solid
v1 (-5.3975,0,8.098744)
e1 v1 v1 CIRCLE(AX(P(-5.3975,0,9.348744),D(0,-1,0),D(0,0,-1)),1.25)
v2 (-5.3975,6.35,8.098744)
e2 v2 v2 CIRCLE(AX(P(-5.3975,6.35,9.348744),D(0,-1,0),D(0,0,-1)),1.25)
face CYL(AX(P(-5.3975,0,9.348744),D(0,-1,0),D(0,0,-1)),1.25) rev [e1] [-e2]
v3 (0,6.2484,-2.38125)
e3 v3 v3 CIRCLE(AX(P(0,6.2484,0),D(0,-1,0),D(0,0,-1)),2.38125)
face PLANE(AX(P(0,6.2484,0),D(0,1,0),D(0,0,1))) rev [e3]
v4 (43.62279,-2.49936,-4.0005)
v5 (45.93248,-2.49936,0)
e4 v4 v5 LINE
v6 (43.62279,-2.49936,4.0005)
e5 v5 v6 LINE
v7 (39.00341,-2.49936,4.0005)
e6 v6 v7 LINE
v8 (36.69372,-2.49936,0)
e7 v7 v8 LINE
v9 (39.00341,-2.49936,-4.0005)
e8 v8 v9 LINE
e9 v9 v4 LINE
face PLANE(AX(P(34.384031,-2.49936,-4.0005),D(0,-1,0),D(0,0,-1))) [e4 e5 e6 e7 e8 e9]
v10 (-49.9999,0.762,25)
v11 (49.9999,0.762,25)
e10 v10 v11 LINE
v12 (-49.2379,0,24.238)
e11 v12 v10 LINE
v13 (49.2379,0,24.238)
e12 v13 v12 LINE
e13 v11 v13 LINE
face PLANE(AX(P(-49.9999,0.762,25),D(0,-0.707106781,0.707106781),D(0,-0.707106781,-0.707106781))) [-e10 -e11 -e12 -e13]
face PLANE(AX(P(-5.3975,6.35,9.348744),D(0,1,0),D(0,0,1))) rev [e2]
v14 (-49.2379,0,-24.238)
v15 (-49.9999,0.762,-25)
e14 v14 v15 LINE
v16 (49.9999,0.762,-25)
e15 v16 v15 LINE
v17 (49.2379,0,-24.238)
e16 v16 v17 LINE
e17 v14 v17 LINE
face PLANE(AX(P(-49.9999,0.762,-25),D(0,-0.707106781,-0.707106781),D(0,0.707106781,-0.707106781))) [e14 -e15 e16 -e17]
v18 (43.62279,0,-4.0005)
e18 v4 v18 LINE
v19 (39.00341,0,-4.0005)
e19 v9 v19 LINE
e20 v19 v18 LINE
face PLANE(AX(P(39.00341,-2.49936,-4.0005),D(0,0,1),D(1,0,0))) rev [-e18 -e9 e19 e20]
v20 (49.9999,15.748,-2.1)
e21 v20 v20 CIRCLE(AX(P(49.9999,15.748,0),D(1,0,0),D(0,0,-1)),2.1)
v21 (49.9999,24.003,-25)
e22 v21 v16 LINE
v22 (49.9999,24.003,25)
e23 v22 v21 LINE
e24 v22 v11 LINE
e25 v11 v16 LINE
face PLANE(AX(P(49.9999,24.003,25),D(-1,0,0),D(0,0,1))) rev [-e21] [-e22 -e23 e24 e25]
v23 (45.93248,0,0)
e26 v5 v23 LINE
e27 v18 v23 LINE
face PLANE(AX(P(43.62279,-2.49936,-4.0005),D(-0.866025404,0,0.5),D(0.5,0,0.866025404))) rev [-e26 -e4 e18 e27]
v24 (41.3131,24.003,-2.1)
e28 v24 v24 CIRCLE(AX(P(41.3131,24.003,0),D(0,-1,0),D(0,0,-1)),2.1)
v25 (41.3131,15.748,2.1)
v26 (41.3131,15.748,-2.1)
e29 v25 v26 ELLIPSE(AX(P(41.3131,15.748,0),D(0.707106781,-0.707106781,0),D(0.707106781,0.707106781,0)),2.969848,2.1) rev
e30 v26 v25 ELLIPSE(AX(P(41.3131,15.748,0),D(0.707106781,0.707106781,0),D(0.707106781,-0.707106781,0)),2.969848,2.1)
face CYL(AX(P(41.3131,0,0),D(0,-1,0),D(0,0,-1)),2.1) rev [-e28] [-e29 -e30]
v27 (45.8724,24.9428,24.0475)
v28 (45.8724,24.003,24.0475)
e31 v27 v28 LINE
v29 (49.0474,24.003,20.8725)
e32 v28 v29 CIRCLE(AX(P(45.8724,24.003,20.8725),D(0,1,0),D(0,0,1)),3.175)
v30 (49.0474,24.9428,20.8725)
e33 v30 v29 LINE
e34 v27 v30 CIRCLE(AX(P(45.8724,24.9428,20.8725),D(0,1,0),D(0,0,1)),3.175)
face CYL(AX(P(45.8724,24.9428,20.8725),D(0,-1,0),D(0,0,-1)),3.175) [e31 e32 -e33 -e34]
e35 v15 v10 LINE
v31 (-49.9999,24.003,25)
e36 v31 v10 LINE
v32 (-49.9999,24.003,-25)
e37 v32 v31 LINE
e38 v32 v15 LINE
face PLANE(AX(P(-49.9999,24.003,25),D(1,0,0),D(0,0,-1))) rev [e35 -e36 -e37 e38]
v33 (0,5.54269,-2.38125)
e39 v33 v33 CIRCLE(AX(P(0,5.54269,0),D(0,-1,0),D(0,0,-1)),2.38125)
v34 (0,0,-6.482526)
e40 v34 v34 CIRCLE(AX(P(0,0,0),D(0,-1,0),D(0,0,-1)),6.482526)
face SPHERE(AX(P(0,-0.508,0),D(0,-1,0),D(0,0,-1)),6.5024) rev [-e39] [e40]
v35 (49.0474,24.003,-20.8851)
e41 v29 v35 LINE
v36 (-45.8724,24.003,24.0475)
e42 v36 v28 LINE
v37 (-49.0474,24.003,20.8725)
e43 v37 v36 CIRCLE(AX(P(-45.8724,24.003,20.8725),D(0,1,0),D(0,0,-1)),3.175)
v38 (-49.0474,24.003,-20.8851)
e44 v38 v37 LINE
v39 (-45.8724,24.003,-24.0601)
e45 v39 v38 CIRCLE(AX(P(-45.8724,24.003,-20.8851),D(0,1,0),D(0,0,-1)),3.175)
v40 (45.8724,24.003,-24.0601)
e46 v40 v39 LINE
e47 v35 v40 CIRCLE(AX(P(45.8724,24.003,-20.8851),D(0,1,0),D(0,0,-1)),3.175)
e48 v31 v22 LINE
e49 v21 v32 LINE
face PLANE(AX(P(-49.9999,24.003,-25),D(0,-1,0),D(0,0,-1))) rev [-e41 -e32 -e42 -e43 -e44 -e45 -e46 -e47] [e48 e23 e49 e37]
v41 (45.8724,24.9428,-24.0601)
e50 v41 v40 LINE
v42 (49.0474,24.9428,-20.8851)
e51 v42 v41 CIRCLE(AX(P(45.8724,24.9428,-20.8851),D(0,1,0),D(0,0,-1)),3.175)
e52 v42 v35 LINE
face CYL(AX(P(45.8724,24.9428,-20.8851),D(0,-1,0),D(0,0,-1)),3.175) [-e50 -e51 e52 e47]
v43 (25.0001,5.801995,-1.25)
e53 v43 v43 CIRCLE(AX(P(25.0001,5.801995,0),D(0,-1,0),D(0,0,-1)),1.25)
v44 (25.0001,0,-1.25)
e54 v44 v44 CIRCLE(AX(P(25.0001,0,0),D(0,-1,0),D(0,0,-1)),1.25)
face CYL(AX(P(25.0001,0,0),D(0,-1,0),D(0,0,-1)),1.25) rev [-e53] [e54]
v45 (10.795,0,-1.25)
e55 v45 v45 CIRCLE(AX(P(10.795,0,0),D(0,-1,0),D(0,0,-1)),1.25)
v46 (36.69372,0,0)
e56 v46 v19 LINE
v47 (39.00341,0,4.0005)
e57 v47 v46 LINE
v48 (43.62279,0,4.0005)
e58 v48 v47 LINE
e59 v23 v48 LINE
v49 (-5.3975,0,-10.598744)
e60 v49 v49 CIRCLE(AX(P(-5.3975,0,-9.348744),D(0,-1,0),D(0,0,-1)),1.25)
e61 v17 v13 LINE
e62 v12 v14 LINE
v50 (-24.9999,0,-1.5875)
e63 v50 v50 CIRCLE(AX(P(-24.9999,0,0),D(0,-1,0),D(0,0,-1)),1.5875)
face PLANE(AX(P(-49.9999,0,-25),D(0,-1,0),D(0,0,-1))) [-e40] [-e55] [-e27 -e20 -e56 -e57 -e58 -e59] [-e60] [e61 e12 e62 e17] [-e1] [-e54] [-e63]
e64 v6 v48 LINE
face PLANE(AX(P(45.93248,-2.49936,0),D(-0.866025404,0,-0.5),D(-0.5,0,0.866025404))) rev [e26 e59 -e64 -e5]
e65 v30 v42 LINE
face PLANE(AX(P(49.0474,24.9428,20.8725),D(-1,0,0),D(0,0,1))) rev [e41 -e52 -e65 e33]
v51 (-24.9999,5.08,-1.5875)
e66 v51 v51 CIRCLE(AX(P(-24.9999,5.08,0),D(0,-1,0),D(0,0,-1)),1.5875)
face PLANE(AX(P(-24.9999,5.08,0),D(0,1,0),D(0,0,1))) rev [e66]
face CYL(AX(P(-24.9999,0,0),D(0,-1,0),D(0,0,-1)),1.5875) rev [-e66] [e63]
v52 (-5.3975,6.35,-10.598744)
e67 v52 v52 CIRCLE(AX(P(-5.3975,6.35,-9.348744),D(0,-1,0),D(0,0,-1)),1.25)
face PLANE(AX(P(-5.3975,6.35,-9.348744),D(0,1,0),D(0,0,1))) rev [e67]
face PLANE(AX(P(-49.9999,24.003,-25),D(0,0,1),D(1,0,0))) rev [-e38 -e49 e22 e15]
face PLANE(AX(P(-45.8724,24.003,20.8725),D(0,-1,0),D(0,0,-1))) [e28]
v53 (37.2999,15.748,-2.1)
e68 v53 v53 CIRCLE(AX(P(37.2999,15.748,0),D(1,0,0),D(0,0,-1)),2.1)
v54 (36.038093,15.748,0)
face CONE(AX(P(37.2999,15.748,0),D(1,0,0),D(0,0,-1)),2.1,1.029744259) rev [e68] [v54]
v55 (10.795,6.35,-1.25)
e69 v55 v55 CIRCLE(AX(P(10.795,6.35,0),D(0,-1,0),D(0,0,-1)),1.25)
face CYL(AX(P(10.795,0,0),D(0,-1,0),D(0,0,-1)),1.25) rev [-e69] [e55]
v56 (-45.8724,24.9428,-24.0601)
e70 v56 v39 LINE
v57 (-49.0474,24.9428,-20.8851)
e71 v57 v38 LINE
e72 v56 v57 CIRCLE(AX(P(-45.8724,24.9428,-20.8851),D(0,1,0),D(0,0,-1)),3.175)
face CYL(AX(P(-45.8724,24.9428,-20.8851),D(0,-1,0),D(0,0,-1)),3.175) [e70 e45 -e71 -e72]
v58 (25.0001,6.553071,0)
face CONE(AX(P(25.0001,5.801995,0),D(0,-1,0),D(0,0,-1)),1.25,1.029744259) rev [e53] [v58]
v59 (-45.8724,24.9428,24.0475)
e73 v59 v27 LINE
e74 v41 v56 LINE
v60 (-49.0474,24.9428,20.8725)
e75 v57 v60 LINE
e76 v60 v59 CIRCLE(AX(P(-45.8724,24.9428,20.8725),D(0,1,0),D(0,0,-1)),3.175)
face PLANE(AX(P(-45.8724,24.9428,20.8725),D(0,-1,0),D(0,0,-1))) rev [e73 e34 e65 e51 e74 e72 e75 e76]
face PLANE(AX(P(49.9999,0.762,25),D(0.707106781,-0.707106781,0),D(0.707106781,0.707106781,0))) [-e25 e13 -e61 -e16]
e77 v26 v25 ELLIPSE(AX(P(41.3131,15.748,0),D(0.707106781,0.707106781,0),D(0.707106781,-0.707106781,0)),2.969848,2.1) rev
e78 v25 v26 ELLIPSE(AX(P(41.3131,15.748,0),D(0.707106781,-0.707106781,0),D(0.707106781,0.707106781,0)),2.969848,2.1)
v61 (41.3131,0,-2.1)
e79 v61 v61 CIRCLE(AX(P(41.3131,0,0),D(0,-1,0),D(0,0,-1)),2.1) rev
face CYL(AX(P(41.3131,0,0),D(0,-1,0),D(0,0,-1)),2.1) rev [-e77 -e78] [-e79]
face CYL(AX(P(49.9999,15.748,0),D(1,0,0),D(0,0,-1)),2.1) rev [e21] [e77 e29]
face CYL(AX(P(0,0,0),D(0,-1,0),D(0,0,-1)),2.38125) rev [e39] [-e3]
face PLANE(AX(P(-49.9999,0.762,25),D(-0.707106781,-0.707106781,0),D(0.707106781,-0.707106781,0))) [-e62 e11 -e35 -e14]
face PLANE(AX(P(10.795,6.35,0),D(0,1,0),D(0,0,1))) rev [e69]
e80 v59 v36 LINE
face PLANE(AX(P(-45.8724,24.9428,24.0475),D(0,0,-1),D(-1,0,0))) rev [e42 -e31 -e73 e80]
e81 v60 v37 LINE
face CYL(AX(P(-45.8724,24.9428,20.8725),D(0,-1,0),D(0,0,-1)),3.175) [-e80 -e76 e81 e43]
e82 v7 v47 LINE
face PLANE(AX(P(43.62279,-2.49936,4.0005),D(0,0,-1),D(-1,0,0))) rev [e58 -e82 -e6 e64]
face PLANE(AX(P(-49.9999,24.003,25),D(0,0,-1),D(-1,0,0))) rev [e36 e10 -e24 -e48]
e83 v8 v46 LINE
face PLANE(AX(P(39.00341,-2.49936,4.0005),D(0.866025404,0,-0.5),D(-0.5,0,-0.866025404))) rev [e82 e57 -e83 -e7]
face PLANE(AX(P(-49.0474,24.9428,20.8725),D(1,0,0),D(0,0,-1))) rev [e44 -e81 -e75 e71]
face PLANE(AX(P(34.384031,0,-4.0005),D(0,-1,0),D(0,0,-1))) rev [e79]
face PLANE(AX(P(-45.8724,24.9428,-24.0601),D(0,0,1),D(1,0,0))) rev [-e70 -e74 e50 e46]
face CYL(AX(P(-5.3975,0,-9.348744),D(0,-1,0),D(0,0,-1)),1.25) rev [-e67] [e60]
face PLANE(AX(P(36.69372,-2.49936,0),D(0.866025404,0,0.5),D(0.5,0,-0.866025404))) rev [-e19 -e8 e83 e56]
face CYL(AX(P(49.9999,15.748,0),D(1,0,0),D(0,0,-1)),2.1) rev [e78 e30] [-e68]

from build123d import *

# Parameters (mm, degrees)
SKETCH1_W                          = 99.9998
SKETCH1_H                          = 50
MAIN_EXTRUDE_DEPTH                 = 24.003
F_1_8_0_125_DIAMETER_HOLE1_D       = 3.175
F_1_8_0_125_DIAMETER_HOLE1_DEPTH   = 5.08
M3X0_5_TAPPED_HOLE1_D              = 2.5
M3X0_5_TAPPED_HOLE1_DEPTH          = 6.35
CIRPATTERN1_COUNT                  = 3
F_3_16_0_1875_DIAMETER_HOLE1_D     = 4.7625
F_3_16_0_1875_DIAMETER_HOLE1_DEPTH = 6.2484
M3X0_5_TAPPED_HOLE2_D              = 2.5
M3X0_5_TAPPED_HOLE2_DEPTH          = 5.801995
M3X0_5_TAPPED_HOLE2_TIP            = 0.751075774
M5X0_8_TAPPED_HOLE2_D              = 4.2
M5X0_8_TAPPED_HOLE2_DEPTH          = 12.7
M5X0_8_TAPPED_HOLE2_TIP            = 1.2618073
M5X0_8_TAPPED_HOLE1_D              = 4.2
CHAMFER1_SIZE                      = 0.762
EXTRUDE1_DEPTH                     = 0.9398
EXTRUDE2_DEPTH                     = 2.49936


with BuildPart() as part:
    # Sketch1 → Main Extrude (new body)
    with BuildSketch(Plane(origin=(0, 0, 0), x_dir=(1, 0, 0), z_dir=(0, 1, 0))):
        Rectangle(SKETCH1_W, SKETCH1_H)
    extrude(amount=MAIN_EXTRUDE_DEPTH)

    # 1_8 _0.125_ Diameter Hole1
    with Locations(Plane.XZ):
        with Locations((-24.9999, 0)):
            Hole(F_1_8_0_125_DIAMETER_HOLE1_D / 2, depth=F_1_8_0_125_DIAMETER_HOLE1_DEPTH)

    # M3x0.5 Tapped Hole1
    with Locations(Plane.XZ):
        with Locations((10.795, 0)):
            m3x0_5_tapped_hole1 = Hole(M3X0_5_TAPPED_HOLE1_D / 2, depth=M3X0_5_TAPPED_HOLE1_DEPTH)

    # CirPattern1: M3x0.5 Tapped Hole1 ×3 about axis
    cirpattern1_axis = Axis((0, 0, 0), (0, 1, 0))
    for i in range(1, CIRPATTERN1_COUNT):
        add(m3x0_5_tapped_hole1.rotate(cirpattern1_axis, i * 360 / CIRPATTERN1_COUNT), mode=Mode.SUBTRACT)

    # 3_16 _0.1875_ Diameter Hole1
    with Locations(Plane.XZ):
        with Locations((0, 0)):
            Hole(F_3_16_0_1875_DIAMETER_HOLE1_D / 2, depth=F_3_16_0_1875_DIAMETER_HOLE1_DEPTH)

    # Sketch12 → Cut-Revolve1 (revolve, cut)
    with BuildSketch(Plane.XZ.offset(0.508)):
        with BuildLine():
            Line((0, 6.5024), (0, -6.5024))
            ThreePointArc((0, -6.5024), (6.5024, 0), (0, 6.5024))
        make_face()
    revolve(axis=Axis((0, -0.508, 6.5024), (0, 0, -1)), mode=Mode.SUBTRACT)

    # M3x0.5 Tapped Hole2
    with Locations(Plane.XZ):
        with Locations((25.0001, 0)):
            Hole(M3X0_5_TAPPED_HOLE2_D / 2, depth=M3X0_5_TAPPED_HOLE2_DEPTH)
            with Locations((0, 0, -(M3X0_5_TAPPED_HOLE2_DEPTH + M3X0_5_TAPPED_HOLE2_TIP / 2))):  # 118° drill point
                Cone(0, M3X0_5_TAPPED_HOLE2_D / 2, M3X0_5_TAPPED_HOLE2_TIP, mode=Mode.SUBTRACT)

    # M5x0.8 Tapped Hole2
    with Locations(Plane(origin=(49.9999, 0, 0), x_dir=(0, 0, -1), z_dir=(1, 0, 0))):
        with Locations((0, 15.748)):
            Hole(M5X0_8_TAPPED_HOLE2_D / 2, depth=M5X0_8_TAPPED_HOLE2_DEPTH)
            with Locations((0, 0, -(M5X0_8_TAPPED_HOLE2_DEPTH + M5X0_8_TAPPED_HOLE2_TIP / 2))):  # 118° drill point
                Cone(0, M5X0_8_TAPPED_HOLE2_D / 2, M5X0_8_TAPPED_HOLE2_TIP, mode=Mode.SUBTRACT)

    # M5x0.8 Tapped Hole1 (through all)
    with Locations(Plane.XZ):
        with Locations((41.3131, 0)):
            Hole(M5X0_8_TAPPED_HOLE1_D / 2)

    # Chamfer1
    chamfer1_edges = [part.edges().sort_by_distance(p)[0] for p in [
        (0, 0, -25),
        (49.9999, 0, 0),
        (0, 0, 25),
        (-49.9999, 0, 0),
    ]]
    chamfer(chamfer1_edges, length=CHAMFER1_SIZE)

    # Sketch2 → Extrude1 (add)
    with BuildSketch(Plane(origin=(0, 24.003, 0), x_dir=(-1, 0, 0), z_dir=(0, 1, 0))):
        with BuildLine():
            Line((45.8724, 24.0475), (-45.8724, 24.0475))
            ThreePointArc((-45.8724, 24.0475), (-48.11746403, 23.11756403), (-49.0474, 20.8725))
            Line((-49.0474, 20.8725), (-49.0474, -20.8851))
            ThreePointArc((-49.0474, -20.8851), (-48.11746403, -23.13016403), (-45.8724, -24.0601))
            Line((-45.8724, -24.0601), (45.8724, -24.0601))
            ThreePointArc((45.8724, -24.0601), (48.11746403, -23.13016403), (49.0474, -20.8851))
            Line((49.0474, -20.8851), (49.0474, 20.8725))
            ThreePointArc((49.0474, 20.8725), (48.11746403, 23.11756403), (45.8724, 24.0475))
        make_face()
    extrude(amount=EXTRUDE1_DEPTH)

    # Sketch19 → Extrude2 (add)
    with BuildSketch(Plane.XZ):
        Polygon((36.693720496, 0), (39.003410248, -4.0005), (43.622789752, -4.0005), (45.932479504, 0), (43.622789752, 4.0005), (39.003410248, 4.0005), align=None)
    extrude(amount=EXTRUDE2_DEPTH)


solid = part.part
